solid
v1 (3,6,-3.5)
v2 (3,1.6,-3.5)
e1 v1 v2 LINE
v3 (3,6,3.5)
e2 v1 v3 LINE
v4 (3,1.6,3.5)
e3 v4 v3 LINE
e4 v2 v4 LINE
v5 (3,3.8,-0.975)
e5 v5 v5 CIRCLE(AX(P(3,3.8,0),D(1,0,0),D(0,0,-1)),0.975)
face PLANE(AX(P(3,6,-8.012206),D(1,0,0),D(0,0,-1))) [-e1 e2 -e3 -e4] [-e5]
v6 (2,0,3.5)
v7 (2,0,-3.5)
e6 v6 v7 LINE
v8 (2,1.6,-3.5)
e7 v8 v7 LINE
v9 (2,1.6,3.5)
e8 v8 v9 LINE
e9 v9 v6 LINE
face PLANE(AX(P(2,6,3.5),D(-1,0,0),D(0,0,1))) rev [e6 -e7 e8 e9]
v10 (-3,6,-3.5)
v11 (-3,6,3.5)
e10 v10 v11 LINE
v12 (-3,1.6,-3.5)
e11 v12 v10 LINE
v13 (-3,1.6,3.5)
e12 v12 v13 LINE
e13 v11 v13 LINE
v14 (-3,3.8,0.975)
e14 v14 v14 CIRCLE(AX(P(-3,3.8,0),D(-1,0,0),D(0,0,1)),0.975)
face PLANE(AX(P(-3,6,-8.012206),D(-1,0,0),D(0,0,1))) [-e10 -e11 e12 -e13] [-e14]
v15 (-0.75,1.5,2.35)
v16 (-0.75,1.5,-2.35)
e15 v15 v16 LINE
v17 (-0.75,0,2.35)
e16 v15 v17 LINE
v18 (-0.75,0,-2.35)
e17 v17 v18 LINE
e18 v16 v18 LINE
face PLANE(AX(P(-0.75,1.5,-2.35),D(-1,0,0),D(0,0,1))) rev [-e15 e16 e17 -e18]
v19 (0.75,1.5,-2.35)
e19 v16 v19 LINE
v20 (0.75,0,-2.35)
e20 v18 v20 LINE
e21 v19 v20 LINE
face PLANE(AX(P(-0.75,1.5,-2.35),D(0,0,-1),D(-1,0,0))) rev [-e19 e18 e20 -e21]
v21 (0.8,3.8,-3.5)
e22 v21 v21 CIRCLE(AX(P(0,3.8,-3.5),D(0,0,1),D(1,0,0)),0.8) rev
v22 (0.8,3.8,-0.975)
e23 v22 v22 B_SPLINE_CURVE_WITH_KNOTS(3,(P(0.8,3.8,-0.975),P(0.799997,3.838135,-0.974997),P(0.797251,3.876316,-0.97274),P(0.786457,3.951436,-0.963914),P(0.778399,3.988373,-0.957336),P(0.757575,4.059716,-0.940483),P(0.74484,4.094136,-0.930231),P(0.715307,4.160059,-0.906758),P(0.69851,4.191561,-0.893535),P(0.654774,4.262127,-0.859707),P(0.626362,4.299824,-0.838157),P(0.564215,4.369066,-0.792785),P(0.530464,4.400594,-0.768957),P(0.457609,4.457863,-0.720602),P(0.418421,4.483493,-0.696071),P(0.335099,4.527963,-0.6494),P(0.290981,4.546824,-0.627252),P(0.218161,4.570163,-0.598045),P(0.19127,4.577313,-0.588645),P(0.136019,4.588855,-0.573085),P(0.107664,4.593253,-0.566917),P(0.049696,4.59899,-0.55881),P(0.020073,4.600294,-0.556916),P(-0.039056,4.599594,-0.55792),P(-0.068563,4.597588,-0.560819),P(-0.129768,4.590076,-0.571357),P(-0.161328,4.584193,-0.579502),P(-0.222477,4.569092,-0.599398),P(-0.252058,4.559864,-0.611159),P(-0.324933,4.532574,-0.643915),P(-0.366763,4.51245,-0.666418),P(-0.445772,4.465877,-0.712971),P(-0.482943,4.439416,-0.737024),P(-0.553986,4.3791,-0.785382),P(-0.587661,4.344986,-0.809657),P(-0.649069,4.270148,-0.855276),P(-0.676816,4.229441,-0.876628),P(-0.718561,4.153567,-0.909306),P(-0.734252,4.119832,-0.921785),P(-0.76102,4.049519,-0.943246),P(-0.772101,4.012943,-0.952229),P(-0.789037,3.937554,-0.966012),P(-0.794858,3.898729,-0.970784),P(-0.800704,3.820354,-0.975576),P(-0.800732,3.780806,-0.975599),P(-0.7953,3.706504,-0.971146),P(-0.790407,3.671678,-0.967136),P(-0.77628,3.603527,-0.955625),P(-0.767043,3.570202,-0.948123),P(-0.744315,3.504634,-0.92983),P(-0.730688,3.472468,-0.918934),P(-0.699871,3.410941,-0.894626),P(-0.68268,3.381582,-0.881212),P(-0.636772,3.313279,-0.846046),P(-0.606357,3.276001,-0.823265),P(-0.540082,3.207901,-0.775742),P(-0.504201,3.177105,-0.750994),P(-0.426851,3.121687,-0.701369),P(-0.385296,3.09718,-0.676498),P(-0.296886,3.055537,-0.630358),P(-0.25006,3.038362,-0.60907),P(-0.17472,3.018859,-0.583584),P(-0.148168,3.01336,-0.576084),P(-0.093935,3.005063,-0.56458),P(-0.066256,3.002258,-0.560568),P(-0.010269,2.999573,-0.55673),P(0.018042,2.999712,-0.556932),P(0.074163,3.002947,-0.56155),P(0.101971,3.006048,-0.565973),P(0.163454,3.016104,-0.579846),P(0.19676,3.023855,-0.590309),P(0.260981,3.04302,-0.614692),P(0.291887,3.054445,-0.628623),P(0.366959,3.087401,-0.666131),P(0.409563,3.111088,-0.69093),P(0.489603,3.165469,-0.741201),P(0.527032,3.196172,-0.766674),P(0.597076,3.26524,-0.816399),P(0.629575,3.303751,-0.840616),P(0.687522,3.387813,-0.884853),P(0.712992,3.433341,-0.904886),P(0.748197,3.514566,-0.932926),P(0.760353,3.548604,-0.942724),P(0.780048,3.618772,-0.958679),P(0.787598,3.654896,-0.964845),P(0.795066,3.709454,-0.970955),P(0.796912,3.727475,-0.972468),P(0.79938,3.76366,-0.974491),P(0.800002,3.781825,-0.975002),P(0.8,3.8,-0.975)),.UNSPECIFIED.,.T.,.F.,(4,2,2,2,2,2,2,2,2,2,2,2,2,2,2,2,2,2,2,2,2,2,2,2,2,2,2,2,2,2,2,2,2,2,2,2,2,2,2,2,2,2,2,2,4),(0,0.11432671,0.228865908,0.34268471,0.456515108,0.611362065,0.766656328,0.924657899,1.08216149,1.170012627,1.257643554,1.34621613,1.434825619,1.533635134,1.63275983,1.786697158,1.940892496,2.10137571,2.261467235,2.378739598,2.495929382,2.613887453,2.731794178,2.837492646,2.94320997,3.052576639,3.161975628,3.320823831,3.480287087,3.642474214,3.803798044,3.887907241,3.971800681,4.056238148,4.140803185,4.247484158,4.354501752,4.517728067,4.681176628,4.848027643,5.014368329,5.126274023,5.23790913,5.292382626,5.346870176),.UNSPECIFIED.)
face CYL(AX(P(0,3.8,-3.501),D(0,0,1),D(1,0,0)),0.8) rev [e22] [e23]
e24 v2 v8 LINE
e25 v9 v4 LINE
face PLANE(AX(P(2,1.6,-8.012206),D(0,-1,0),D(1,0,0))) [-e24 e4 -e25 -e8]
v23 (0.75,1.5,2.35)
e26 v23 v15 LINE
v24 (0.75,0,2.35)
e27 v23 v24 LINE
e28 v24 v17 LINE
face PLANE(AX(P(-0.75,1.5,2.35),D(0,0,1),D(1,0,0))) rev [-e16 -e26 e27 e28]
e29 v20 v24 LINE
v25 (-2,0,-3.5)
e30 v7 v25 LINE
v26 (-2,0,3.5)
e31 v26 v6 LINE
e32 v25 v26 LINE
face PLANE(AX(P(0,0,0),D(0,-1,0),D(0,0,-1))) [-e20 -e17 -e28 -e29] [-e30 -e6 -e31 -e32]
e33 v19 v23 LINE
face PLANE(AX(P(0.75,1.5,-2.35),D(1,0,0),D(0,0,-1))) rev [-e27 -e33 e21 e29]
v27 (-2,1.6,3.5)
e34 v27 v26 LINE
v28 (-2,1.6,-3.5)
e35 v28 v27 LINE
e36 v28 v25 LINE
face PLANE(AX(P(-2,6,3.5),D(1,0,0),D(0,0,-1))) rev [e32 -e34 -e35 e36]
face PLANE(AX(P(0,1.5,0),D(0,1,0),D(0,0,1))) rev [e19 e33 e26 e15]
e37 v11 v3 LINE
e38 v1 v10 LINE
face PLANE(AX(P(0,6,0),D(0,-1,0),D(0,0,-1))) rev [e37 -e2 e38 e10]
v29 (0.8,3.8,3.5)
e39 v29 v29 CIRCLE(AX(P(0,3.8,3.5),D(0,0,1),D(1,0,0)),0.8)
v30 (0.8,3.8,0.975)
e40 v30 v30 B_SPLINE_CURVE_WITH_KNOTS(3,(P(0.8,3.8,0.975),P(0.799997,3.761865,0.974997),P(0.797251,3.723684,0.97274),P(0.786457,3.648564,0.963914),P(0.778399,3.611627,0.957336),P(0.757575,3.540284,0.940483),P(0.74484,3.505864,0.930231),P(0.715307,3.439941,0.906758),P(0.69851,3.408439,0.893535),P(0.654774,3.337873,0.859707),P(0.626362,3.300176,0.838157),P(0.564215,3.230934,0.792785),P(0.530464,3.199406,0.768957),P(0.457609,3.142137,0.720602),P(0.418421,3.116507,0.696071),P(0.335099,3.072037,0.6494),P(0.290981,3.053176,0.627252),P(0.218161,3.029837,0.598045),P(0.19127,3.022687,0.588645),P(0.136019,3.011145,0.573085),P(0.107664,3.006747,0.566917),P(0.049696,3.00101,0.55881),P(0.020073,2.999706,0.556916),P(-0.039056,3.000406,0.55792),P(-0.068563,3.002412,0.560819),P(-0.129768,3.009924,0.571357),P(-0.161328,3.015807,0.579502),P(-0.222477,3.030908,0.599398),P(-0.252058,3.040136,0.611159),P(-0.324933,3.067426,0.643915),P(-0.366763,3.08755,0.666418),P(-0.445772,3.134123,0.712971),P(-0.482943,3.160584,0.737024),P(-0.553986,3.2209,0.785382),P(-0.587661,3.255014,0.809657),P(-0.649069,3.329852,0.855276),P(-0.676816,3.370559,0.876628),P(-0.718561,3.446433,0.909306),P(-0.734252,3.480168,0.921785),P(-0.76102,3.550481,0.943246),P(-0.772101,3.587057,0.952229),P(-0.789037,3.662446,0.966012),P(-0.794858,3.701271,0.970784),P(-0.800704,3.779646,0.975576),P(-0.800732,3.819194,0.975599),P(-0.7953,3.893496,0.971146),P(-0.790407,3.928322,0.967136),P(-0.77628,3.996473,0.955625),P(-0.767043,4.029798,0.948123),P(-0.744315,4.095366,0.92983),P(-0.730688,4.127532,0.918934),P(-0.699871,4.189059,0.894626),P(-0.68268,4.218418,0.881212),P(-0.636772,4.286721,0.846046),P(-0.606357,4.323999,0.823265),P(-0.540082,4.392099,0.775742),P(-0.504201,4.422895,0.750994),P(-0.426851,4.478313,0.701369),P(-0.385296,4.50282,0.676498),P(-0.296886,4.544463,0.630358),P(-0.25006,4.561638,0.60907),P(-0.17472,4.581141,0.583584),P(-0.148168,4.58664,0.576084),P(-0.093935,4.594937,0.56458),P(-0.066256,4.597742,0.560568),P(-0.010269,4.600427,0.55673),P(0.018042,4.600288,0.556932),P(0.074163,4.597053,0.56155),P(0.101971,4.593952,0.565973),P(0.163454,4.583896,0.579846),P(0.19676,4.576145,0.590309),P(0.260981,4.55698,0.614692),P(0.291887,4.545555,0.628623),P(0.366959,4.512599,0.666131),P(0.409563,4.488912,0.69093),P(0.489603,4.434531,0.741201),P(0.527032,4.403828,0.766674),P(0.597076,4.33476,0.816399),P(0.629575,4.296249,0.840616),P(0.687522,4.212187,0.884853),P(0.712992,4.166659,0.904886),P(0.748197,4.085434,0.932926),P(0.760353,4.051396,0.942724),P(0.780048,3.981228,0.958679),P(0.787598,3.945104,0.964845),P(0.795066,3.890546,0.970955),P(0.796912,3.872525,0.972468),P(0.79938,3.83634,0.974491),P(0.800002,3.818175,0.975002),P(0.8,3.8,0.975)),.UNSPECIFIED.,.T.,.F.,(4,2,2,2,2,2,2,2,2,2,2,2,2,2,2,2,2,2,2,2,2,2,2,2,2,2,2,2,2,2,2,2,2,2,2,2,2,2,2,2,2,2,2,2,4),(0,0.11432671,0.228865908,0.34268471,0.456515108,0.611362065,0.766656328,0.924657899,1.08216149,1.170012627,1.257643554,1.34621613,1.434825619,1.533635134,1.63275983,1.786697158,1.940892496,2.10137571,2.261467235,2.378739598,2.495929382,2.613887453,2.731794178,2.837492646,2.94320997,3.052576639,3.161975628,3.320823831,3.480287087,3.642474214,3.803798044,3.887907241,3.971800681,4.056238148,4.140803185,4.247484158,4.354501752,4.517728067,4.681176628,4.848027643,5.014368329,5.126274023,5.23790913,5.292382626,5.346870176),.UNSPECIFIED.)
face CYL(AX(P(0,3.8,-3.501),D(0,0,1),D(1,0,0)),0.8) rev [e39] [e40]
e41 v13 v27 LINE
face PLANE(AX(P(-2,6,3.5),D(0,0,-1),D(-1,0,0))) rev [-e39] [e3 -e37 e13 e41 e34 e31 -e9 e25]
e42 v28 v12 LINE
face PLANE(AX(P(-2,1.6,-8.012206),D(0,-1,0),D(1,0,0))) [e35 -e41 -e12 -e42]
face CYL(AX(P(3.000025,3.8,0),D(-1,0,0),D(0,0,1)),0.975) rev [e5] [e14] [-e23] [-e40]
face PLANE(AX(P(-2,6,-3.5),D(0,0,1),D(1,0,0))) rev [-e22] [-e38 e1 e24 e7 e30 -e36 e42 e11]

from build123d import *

# Parameters (mm, degrees)
SKETCH1_W           = 4
SKETCH1_H           = 7
BOSS_EXTRUDE1_DEPTH = 6
SKETCH2_W           = 1.5
SKETCH2_H           = 4.7
CUT_EXTRUDE1_DEPTH  = 1.5
CUT_EXTRUDE2_REACH  = 9
SKETCH3_R           = 0.8
SKETCH5_W           = 1
SKETCH5_H           = 4.4
BOSS_EXTRUDE2_DEPTH = 7
SKETCH4_R           = 0.975
CUT_EXTRUDE4_DEPTH  = 7


with BuildPart() as part:
    # Sketch1 → Boss-Extrude1 (new body)
    with BuildSketch(Plane(origin=(0, 0, 0), x_dir=(1, 0, 0), z_dir=(0, 1, 0))):
        Rectangle(SKETCH1_W, SKETCH1_H)
    extrude(amount=BOSS_EXTRUDE1_DEPTH)

    # Sketch2 → Cut-Extrude1 (cut)
    with BuildSketch(Plane.XZ):
        Rectangle(SKETCH2_W, SKETCH2_H)
    extrude(amount=-CUT_EXTRUDE1_DEPTH, mode=Mode.SUBTRACT)

    # Sketch3 → Cut-Extrude2 (cut, up to next)
    with BuildSketch(Plane.XY.offset(3.5), mode=Mode.PRIVATE) as cut_extrude2_sk1:
        with Locations((0, 3.8)):
            Circle(SKETCH3_R)
    cut_extrude2_tool1 = extrude(cut_extrude2_sk1.sketch, amount=-CUT_EXTRUDE2_REACH, mode=Mode.PRIVATE) & part.part
    add(cut_extrude2_tool1.solids().sort_by_distance((0, 3.8, 3.5))[0], mode=Mode.SUBTRACT)

    # Sketch5 → Boss-Extrude2 (add)
    with BuildSketch(Plane.XY.offset(3.5)):
        with Locations((2.5, 3.8)):
            Rectangle(SKETCH5_W, SKETCH5_H)
        with Locations((-2.5, 3.8)):
            Rectangle(SKETCH5_W, SKETCH5_H)
    extrude(amount=-BOSS_EXTRUDE2_DEPTH)

    # Sketch4 → Cut-Extrude4 (cut, through all)
    with BuildSketch(Plane.ZY.offset(3)):
        with Locations((0, 3.8)):
            Circle(SKETCH4_R)
    extrude(amount=-CUT_EXTRUDE4_DEPTH, mode=Mode.SUBTRACT)


solid = part.part
